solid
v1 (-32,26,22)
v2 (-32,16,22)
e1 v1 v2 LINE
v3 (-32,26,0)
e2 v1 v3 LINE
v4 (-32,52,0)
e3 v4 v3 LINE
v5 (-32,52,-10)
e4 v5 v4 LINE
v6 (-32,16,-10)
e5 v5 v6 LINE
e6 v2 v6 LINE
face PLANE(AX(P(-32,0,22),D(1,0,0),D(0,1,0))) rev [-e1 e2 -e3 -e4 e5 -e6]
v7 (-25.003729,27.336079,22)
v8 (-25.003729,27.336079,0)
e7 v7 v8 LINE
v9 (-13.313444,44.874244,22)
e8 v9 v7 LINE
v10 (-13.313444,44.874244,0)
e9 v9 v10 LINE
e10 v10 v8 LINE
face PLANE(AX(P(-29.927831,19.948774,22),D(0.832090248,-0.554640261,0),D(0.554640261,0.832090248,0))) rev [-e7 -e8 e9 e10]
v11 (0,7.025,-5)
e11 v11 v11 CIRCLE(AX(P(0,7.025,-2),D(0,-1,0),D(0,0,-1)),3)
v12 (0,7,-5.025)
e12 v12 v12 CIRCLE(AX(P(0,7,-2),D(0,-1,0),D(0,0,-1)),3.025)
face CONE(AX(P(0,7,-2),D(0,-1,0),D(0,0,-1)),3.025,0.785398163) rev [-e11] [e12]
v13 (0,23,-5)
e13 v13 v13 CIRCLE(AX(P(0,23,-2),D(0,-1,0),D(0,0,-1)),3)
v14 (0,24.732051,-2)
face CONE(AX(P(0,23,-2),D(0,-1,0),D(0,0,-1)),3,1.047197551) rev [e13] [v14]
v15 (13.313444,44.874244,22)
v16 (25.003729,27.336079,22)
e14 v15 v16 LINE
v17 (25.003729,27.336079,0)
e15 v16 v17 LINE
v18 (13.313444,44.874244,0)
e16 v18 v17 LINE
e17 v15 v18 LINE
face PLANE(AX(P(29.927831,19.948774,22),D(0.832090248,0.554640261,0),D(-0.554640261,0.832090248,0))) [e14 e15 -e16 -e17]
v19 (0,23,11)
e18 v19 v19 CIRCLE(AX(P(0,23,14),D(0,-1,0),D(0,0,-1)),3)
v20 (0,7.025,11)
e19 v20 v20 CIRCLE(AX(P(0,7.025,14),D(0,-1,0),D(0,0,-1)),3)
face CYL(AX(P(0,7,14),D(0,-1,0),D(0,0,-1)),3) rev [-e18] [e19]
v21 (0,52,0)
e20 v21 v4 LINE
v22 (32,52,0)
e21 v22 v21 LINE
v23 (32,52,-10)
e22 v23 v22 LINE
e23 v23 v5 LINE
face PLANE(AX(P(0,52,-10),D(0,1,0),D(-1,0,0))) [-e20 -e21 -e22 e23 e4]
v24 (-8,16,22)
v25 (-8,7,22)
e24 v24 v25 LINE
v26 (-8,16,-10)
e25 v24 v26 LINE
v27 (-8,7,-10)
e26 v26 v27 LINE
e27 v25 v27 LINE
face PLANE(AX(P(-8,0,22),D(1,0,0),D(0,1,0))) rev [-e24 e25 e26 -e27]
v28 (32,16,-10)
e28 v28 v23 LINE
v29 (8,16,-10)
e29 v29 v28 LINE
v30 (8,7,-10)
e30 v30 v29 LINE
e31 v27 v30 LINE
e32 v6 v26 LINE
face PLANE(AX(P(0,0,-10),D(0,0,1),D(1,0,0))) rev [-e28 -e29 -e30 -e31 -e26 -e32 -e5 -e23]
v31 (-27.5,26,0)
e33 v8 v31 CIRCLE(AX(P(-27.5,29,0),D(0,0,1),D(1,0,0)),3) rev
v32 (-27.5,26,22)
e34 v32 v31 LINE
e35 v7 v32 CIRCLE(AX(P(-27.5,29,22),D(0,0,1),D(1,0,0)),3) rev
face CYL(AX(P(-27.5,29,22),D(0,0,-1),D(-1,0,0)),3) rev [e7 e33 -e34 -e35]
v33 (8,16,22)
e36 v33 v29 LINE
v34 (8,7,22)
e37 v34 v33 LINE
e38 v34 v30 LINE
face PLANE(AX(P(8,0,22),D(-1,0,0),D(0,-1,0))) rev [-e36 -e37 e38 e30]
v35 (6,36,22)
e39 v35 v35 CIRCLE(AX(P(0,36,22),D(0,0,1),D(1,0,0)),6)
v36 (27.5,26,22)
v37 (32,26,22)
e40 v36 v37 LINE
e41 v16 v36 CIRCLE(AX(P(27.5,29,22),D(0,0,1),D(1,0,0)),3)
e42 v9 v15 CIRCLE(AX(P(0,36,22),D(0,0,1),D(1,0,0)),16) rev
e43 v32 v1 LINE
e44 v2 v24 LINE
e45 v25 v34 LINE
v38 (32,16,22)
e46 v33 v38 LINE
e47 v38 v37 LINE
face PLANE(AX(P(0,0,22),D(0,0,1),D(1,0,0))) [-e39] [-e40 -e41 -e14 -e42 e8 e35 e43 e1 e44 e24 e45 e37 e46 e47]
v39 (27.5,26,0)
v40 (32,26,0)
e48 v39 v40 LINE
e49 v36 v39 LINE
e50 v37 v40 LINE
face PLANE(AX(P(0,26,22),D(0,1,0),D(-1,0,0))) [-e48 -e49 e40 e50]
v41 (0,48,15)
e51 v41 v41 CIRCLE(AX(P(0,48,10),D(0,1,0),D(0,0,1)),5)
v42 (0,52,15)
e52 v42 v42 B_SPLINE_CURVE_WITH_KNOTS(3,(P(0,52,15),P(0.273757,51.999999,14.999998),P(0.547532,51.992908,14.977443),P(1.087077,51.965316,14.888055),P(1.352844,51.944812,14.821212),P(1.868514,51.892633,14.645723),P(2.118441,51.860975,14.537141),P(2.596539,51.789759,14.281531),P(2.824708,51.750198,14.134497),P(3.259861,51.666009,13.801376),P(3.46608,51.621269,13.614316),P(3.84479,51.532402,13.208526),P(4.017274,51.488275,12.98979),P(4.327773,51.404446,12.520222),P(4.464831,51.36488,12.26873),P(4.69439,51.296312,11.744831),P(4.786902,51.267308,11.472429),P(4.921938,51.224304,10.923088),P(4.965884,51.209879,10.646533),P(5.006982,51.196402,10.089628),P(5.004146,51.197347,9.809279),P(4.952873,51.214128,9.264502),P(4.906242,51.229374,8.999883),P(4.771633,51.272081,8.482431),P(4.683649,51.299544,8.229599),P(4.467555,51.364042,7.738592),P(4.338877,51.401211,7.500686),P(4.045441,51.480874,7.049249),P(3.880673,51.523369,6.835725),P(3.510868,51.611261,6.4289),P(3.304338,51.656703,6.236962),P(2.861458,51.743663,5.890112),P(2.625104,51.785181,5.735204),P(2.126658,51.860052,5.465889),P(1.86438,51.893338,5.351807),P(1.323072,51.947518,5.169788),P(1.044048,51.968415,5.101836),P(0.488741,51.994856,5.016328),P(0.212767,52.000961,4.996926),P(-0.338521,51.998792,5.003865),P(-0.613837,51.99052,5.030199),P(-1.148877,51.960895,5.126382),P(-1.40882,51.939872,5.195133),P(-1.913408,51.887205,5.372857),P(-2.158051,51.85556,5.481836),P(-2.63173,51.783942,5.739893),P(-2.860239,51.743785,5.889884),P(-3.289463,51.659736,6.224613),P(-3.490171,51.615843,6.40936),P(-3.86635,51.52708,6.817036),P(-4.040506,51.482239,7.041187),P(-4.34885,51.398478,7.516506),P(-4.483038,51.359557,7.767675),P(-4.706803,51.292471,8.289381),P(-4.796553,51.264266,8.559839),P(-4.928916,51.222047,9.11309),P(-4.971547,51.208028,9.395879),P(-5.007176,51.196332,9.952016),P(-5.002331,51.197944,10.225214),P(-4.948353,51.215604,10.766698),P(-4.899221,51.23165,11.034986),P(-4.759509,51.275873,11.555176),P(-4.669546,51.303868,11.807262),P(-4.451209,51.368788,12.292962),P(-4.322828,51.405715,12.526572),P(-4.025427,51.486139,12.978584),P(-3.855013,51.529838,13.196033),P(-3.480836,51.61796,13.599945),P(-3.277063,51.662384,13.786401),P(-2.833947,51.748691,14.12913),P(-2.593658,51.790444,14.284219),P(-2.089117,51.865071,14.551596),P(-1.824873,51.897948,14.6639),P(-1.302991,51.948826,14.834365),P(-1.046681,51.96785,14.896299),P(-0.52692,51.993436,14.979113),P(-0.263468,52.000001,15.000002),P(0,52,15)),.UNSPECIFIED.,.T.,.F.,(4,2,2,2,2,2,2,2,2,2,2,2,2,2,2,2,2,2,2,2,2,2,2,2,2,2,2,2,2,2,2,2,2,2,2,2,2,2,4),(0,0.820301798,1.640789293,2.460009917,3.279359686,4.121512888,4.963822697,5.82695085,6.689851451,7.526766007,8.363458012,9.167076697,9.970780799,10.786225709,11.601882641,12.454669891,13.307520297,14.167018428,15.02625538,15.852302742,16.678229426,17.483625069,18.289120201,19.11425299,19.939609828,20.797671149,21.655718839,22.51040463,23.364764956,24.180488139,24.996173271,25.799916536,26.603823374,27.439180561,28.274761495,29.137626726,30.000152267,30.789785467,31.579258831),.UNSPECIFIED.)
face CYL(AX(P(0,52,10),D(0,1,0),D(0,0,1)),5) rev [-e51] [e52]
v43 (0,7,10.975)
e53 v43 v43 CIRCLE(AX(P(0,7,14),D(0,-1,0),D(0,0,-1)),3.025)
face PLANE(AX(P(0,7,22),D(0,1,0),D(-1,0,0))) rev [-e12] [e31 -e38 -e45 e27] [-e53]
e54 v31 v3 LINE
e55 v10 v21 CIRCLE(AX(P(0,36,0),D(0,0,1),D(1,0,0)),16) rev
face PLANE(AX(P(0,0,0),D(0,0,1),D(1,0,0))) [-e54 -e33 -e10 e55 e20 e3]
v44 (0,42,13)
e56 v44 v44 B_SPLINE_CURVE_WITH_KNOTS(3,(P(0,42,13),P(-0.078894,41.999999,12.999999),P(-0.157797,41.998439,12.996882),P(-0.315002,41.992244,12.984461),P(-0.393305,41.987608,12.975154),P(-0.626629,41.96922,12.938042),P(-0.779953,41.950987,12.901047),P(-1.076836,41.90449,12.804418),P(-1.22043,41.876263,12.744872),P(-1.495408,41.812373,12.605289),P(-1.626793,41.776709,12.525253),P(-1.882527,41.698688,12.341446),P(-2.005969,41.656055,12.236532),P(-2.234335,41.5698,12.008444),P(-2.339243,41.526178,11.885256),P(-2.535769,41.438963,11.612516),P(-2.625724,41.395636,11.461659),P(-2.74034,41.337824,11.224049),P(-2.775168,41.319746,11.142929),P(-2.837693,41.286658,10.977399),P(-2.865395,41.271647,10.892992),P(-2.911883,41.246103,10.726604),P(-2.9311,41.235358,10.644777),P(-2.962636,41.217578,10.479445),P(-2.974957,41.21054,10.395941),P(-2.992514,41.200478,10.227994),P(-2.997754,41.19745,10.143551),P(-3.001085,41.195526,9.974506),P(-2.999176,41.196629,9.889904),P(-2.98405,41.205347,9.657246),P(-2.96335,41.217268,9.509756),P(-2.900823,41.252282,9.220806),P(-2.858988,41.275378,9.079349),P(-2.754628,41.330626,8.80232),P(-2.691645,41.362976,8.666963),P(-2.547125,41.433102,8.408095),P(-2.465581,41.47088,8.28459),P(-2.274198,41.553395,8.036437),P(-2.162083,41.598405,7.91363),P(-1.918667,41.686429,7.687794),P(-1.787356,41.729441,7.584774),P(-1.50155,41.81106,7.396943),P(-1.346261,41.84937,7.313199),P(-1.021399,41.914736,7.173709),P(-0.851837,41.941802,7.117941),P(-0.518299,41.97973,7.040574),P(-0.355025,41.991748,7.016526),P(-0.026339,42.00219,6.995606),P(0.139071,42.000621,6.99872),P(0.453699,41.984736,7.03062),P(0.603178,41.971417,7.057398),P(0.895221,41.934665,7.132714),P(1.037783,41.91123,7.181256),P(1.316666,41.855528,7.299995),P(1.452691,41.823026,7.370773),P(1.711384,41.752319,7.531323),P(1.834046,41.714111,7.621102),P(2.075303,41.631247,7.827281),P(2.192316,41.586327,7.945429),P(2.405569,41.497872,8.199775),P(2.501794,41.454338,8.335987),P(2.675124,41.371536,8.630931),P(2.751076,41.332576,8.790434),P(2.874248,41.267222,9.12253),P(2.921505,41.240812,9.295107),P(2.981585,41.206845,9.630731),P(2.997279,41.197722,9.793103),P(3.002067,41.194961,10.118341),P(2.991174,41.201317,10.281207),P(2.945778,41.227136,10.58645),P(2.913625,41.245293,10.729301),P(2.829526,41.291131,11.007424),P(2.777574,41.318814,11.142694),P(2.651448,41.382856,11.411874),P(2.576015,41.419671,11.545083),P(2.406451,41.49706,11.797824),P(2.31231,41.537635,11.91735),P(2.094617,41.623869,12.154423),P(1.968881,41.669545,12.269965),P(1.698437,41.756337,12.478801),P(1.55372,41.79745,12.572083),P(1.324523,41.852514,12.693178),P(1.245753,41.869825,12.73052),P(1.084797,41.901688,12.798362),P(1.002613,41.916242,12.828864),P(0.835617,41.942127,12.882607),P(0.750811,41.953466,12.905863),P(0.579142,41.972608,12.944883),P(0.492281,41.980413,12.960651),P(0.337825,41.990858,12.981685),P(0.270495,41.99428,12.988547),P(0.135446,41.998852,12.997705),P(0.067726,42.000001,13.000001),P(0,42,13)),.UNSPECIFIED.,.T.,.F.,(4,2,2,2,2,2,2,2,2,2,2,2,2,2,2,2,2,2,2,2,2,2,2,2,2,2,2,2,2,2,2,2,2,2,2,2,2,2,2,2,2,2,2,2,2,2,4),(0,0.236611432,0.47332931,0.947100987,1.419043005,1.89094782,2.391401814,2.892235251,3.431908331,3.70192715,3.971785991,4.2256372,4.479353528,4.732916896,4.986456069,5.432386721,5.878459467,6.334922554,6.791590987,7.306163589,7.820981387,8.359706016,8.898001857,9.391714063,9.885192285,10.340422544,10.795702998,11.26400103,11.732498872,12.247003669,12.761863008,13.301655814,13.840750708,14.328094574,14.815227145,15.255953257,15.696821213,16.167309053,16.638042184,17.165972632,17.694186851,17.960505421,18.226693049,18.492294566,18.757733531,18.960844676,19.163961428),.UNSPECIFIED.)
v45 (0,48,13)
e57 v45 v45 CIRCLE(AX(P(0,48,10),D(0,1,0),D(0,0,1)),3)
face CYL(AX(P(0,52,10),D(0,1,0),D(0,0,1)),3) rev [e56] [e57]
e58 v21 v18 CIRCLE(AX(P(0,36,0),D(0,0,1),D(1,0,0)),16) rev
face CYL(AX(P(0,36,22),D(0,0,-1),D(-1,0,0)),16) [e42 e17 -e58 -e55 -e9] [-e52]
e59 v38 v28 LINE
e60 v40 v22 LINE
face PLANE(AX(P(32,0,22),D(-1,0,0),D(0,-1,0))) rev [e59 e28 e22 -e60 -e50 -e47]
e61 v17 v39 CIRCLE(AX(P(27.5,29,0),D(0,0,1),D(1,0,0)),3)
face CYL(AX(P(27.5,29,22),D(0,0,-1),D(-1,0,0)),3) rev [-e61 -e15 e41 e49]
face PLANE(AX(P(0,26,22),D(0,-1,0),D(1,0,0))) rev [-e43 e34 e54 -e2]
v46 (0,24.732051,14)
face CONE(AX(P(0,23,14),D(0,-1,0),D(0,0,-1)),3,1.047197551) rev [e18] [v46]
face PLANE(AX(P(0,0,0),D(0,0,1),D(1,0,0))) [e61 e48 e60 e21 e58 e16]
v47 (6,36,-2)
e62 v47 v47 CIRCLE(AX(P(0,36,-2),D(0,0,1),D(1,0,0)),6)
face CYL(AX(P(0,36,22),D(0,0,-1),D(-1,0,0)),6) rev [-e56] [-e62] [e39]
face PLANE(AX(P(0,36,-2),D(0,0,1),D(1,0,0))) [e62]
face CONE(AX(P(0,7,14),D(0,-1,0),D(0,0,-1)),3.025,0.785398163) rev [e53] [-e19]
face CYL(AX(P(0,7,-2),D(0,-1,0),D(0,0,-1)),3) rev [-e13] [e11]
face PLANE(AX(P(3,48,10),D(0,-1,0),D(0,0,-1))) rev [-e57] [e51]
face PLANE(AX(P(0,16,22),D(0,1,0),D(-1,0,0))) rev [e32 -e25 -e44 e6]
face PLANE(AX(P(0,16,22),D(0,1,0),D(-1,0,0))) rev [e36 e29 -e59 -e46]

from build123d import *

# Parameters (mm, degrees)
SKETCH2_R                       = 6
SKETCH2_W                       = 16
SKETCH2_H                       = 9
BOSS_EXTRUDE1_DEPTH             = 22
BOSS_EXTRUDE2_START             = -10
SKETCH2_9_R                     = 6
BOSS_EXTRUDE2_DEPTH             = 10
CUT_EXTRUDE1_START              = -2
SKETCH3_R                       = 6
CUT_EXTRUDE1_DEPTH              = 2
SKETCH5_W                       = 16
SKETCH5_H                       = 9
BOSS_EXTRUDE3_DEPTH             = 10
M6X1_0_TAPPED_HOLE1_D           = 6
M6X1_0_TAPPED_HOLE1_DEPTH       = 16
M6X1_0_TAPPED_HOLE1_CSINK_D     = 6.05
M6X1_0_TAPPED_HOLE1_CSINK_ANGLE = 90
M6X1_0_TAPPED_HOLE1_TIP         = 1.732050808
HOLE1_D                         = 6
HOLE1_DEPTH                     = 15
HOLE1_CBORE_D                   = 10
HOLE1_CBORE_DEPTH               = 4


with BuildPart() as part:
    # Sketch2 → Boss-Extrude1 (new body)
    # profile 1 of 2: a face of its own
    with BuildSketch(Plane.XY):
        with BuildLine():
            Line((-32, 26), (-32, 16))
            Line((-32, 16), (-8, 16))
            Line((-8, 16), (8, 16))
            Line((8, 16), (32, 16))
            Line((32, 16), (32, 26))
            Line((32, 26), (27.5, 26))
            ThreePointArc((27.5, 26), (26.084330962, 26.355027189), (25.003729255, 27.336079218))
            Line((25.003729255, 27.336079218), (13.313443971, 44.874244172))
            ThreePointArc((13.313443971, 44.874244172), (7.550234872, 50.106521661), (0, 52))
            ThreePointArc((0, 52), (-7.550234872, 50.106521661), (-13.313443971, 44.874244172))
            Line((-13.313443971, 44.874244172), (-25.003729255, 27.336079218))
            ThreePointArc((-25.003729255, 27.336079218), (-26.084330962, 26.355027189), (-27.5, 26))
            Line((-27.5, 26), (-32, 26))
        make_face()
        with Locations((0, 36)):
            Circle(SKETCH2_R, mode=Mode.SUBTRACT)
    # profile 2 of 2: a face of its own
    with BuildSketch(Plane.XY):
        with Locations((0, 11.5)):
            Rectangle(SKETCH2_W, SKETCH2_H)
    extrude(amount=BOSS_EXTRUDE1_DEPTH)

    # Sketch2<9> → Boss-Extrude2 (add)
    # profile 1 of 4: a face of its own
    with BuildSketch(Plane.XY.offset(BOSS_EXTRUDE2_START)):
        with BuildLine():
            Line((32, 52), (0, 52))
            ThreePointArc((0, 52), (7.550234872, 50.106521661), (13.313443971, 44.874244172))
            Line((13.313443971, 44.874244172), (25.003729255, 27.336079218))
            ThreePointArc((25.003729255, 27.336079218), (26.084330962, 26.355027189), (27.5, 26))
            Line((27.5, 26), (32, 26))
            Line((32, 26), (32, 52))
        make_face()
    # profile 2 of 4: a face of its own
    with BuildSketch(Plane.XY.offset(BOSS_EXTRUDE2_START)):
        with BuildLine():
            Line((-32, 26), (-32, 16))
            Line((-32, 16), (-8, 16))
            Line((-8, 16), (8, 16))
            Line((8, 16), (32, 16))
            Line((32, 16), (32, 26))
            Line((32, 26), (27.5, 26))
            ThreePointArc((27.5, 26), (26.084330962, 26.355027189), (25.003729255, 27.336079218))
            Line((25.003729255, 27.336079218), (13.313443971, 44.874244172))
            ThreePointArc((13.313443971, 44.874244172), (7.550234872, 50.106521661), (0, 52))
            ThreePointArc((0, 52), (-7.550234872, 50.106521661), (-13.313443971, 44.874244172))
            Line((-13.313443971, 44.874244172), (-25.003729255, 27.336079218))
            ThreePointArc((-25.003729255, 27.336079218), (-26.084330962, 26.355027189), (-27.5, 26))
            Line((-27.5, 26), (-32, 26))
        make_face()
        with Locations((0, 36)):
            Circle(SKETCH2_9_R, mode=Mode.SUBTRACT)
    # profile 3 of 4: a face of its own
    with BuildSketch(Plane.XY.offset(BOSS_EXTRUDE2_START)):
        with BuildLine():
            Line((-32, 52), (-32, 26))
            Line((-32, 26), (-27.5, 26))
            ThreePointArc((-27.5, 26), (-26.084330962, 26.355027189), (-25.003729255, 27.336079218))
            Line((-25.003729255, 27.336079218), (-13.313443971, 44.874244172))
            ThreePointArc((-13.313443971, 44.874244172), (-7.550234872, 50.106521661), (0, 52))
            Line((0, 52), (-32, 52))
        make_face()
    # profile 4 of 4: a face of its own
    with BuildSketch(Plane.XY.offset(BOSS_EXTRUDE2_START)):
        with Locations((0, 36)):
            Circle(SKETCH2_9_R)
    extrude(amount=BOSS_EXTRUDE2_DEPTH)

    # Sketch3 → Cut-Extrude1 (cut)
    with BuildSketch(Plane.XY.offset(CUT_EXTRUDE1_START)):
        with Locations((0, 36)):
            Circle(SKETCH3_R)
    extrude(amount=CUT_EXTRUDE1_DEPTH, mode=Mode.SUBTRACT)

    # Sketch5 → Boss-Extrude3 (add)
    with BuildSketch(Plane(origin=(0, 0, 0), x_dir=(-1, 0, 0), z_dir=(0, 0, -1))):
        with Locations((0, 11.5)):
            Rectangle(SKETCH5_W, SKETCH5_H)
    extrude(amount=BOSS_EXTRUDE3_DEPTH)

    # M6x1.0 Tapped Hole1
    with Locations(Plane(origin=(0, 7, 14), x_dir=(-1, 0, 0), z_dir=(0, -1, 0))):
        with Locations((0, 0), (0, 16)):
            CounterSinkHole(M6X1_0_TAPPED_HOLE1_D / 2, M6X1_0_TAPPED_HOLE1_CSINK_D / 2, depth=M6X1_0_TAPPED_HOLE1_DEPTH, counter_sink_angle=M6X1_0_TAPPED_HOLE1_CSINK_ANGLE)
            with Locations((0, 0, -(M6X1_0_TAPPED_HOLE1_DEPTH + M6X1_0_TAPPED_HOLE1_TIP / 2))):  # 120° drill point
                Cone(0, M6X1_0_TAPPED_HOLE1_D / 2, M6X1_0_TAPPED_HOLE1_TIP, mode=Mode.SUBTRACT)

    # Hole1
    with Locations(Plane(origin=(0, 52, 10), x_dir=(1, 0, 0), z_dir=(0, 1, 0))):
        with Locations((0, 0)):
            CounterBoreHole(HOLE1_D / 2, HOLE1_CBORE_D / 2, HOLE1_CBORE_DEPTH, depth=HOLE1_DEPTH)


solid = part.part
